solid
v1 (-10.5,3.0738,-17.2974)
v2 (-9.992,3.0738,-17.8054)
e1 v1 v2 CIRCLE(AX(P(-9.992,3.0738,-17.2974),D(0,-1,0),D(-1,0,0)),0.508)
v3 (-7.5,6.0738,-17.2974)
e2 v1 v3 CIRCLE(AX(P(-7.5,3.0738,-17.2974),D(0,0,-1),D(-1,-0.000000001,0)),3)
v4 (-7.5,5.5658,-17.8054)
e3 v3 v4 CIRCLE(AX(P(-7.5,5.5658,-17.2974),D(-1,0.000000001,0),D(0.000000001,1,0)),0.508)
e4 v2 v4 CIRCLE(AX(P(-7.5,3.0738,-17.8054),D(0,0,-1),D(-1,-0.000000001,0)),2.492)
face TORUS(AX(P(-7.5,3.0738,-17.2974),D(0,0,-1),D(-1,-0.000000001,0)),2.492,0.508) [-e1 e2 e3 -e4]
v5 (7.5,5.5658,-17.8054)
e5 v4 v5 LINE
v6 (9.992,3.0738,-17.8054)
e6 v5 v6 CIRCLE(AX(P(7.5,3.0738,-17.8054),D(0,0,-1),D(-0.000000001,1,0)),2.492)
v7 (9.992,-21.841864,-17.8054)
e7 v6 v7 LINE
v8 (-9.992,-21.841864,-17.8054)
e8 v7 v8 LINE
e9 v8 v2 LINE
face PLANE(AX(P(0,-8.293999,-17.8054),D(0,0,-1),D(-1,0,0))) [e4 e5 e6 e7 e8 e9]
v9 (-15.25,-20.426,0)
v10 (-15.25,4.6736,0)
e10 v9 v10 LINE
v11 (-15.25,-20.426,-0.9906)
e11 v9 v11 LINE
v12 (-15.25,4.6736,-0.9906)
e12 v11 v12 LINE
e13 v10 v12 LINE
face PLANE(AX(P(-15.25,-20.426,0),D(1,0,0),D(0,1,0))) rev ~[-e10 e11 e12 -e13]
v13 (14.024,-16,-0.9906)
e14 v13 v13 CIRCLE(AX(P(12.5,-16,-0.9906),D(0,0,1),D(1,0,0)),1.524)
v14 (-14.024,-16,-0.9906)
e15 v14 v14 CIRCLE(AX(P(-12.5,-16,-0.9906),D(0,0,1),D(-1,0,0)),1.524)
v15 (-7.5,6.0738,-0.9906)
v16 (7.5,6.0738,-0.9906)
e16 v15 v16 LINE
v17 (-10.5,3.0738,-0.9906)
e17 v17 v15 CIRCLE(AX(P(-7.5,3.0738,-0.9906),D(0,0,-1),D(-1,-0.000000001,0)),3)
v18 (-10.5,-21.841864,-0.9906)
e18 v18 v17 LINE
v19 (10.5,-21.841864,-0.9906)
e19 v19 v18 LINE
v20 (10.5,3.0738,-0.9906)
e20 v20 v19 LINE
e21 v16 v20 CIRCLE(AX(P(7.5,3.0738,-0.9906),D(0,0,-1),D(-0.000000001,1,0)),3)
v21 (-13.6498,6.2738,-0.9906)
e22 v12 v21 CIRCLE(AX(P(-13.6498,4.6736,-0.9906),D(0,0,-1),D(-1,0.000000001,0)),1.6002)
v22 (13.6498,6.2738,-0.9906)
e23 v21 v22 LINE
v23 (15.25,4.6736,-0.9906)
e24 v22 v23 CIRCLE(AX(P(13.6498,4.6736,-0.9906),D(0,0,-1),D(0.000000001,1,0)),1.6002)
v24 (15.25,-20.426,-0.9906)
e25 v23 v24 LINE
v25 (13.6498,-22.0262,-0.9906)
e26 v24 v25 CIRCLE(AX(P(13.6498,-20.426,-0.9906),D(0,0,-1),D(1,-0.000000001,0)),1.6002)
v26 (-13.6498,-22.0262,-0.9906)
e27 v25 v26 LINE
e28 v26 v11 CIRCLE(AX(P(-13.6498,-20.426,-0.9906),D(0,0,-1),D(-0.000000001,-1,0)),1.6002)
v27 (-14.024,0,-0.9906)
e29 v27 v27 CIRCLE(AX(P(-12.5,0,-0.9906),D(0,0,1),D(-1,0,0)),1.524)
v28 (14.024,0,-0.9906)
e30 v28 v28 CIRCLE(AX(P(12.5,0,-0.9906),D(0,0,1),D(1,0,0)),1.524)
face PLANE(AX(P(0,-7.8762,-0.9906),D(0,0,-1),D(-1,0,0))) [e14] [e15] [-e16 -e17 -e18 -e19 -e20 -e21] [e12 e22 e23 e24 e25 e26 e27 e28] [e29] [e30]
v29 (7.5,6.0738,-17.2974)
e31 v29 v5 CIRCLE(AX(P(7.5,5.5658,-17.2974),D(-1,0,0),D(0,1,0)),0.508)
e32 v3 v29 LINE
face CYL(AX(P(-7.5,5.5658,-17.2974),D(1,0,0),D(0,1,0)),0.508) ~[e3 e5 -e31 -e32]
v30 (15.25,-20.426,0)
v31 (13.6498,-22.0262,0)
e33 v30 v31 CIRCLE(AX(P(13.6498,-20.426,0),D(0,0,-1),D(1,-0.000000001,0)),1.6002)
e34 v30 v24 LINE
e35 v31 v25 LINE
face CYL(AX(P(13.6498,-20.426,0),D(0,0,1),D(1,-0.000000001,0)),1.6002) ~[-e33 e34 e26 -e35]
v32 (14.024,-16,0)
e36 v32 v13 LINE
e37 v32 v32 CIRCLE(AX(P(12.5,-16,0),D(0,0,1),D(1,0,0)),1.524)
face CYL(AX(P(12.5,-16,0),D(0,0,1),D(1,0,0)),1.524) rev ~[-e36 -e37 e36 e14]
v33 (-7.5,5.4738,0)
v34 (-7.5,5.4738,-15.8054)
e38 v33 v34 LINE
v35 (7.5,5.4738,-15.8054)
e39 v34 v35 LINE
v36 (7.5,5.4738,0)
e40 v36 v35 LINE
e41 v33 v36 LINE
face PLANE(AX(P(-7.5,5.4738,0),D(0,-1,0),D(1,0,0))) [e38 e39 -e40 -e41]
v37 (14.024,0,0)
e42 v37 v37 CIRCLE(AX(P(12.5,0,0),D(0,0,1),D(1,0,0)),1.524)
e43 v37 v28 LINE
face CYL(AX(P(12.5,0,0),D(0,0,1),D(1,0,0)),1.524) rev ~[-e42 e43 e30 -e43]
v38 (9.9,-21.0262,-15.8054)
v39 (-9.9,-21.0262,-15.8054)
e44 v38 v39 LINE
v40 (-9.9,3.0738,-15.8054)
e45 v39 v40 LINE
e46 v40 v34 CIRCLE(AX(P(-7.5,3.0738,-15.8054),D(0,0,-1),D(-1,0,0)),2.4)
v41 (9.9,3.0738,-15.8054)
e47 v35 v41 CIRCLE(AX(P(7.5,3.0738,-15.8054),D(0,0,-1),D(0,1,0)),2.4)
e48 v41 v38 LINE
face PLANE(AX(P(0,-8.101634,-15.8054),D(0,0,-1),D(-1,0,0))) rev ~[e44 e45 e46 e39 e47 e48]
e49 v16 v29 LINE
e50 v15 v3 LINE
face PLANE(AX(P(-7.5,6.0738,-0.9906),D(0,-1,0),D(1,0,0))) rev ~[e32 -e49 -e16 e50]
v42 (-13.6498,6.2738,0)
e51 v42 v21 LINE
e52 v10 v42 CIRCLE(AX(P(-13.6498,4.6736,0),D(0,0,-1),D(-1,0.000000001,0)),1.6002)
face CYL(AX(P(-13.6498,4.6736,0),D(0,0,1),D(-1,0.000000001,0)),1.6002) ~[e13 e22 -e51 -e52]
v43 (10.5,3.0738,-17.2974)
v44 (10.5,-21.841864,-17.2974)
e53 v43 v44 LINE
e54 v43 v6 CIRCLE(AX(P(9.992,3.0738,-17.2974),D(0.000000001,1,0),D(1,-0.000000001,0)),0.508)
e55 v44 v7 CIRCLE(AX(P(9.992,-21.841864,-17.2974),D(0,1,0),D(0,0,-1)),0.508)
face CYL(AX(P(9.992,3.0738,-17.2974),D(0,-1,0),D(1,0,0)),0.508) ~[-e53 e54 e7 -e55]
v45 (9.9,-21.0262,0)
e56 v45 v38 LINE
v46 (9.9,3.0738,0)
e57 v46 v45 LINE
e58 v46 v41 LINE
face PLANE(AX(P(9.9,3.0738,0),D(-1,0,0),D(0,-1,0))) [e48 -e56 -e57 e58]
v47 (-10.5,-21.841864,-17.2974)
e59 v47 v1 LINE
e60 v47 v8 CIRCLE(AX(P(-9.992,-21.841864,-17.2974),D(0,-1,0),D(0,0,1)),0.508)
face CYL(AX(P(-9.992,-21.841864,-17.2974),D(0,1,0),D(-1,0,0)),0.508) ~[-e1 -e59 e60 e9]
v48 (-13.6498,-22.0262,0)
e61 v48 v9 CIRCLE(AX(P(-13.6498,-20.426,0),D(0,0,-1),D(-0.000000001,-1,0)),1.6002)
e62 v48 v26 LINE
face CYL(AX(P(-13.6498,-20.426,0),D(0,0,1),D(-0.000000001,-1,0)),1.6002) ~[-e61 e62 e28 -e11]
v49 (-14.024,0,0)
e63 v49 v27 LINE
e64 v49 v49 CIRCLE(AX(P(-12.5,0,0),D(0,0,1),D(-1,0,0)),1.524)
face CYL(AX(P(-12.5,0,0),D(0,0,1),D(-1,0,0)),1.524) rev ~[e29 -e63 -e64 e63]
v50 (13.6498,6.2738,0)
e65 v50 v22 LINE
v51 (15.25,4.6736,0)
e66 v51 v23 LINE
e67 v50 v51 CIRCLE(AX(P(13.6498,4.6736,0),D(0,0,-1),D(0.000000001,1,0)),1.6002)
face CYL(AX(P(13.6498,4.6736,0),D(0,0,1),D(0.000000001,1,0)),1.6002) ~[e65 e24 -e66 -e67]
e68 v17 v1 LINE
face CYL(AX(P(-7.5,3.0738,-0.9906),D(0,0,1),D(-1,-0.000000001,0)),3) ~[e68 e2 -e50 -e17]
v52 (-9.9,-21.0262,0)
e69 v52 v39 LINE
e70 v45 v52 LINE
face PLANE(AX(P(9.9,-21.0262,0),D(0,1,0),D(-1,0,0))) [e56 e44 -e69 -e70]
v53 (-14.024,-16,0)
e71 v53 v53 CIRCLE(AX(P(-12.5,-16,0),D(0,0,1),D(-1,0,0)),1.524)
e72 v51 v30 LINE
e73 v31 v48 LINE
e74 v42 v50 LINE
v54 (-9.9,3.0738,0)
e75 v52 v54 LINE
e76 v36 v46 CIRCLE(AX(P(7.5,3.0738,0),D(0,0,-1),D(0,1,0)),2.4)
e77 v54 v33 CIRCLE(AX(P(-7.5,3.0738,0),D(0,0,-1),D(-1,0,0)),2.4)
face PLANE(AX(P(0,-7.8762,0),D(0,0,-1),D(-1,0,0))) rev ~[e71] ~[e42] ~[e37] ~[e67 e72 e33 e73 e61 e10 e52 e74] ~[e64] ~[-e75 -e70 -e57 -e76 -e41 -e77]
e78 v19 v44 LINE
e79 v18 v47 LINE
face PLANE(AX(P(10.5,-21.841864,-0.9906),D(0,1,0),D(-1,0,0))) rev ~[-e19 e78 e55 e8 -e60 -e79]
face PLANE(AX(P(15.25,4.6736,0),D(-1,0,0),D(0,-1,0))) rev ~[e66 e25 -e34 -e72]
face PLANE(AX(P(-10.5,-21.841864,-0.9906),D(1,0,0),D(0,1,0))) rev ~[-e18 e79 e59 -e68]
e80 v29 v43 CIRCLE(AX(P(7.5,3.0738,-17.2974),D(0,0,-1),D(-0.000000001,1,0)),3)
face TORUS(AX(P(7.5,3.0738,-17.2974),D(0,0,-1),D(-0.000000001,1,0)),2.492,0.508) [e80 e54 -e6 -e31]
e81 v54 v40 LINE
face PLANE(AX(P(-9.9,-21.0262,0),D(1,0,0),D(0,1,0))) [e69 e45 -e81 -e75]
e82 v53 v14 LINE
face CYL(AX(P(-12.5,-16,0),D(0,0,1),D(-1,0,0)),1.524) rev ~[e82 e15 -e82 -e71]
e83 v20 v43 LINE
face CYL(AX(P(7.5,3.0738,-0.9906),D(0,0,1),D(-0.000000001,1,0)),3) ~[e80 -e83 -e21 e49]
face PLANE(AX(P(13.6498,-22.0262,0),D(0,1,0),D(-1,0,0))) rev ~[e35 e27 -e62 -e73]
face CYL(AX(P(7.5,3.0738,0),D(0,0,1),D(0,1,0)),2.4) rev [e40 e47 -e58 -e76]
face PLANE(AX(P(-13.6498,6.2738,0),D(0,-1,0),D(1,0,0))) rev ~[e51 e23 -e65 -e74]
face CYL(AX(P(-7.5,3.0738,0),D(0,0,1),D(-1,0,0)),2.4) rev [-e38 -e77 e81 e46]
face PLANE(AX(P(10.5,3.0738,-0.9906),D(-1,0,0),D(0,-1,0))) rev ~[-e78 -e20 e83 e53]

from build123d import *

# Parameters (mm, degrees)
BASE_EXTRUDE_DEPTH  = 0.9906
SKETCH8_R           = 1.524
CUT_EXTRUDE4_DEPTH  = 27.808529889
BOSS_EXTRUDE5_DEPTH = 16.8148
FILLET3_R           = 0.508
CUT_EXTRUDE5_DEPTH  = 15.8054
LPATTERN1_COUNT     = 2
LPATTERN1_PITCH     = 16


with BuildPart() as part:
    # Sketch1 → Base-Extrude (new body)
    with BuildSketch(Plane.XY):
        with BuildLine():
            Line((-13.6498, 6.2738), (13.6498, 6.2738))
            ThreePointArc((13.6498, 6.2738), (14.781312271, 5.805112271), (15.25, 4.6736))
            Line((15.25, 4.6736), (15.25, -20.426))
            ThreePointArc((15.25, -20.426), (14.781312271, -21.557512271), (13.6498, -22.0262))
            Line((13.6498, -22.0262), (-13.6498, -22.0262))
            ThreePointArc((-13.6498, -22.0262), (-14.781312271, -21.557512271), (-15.25, -20.426))
            Line((-15.25, -20.426), (-15.25, 4.6736))
            ThreePointArc((-15.25, 4.6736), (-14.781312271, 5.805112271), (-13.6498, 6.2738))
        make_face()
    extrude(amount=-BASE_EXTRUDE_DEPTH)

    # Sketch8 → Cut-Extrude4 (cut, through all)
    with BuildSketch(Plane.XY):
        with Locations((12.5, 0)):
            Circle(SKETCH8_R)
        with Locations(Location((-12.5, 0, 0), (0, 0, 180))):
            Circle(SKETCH8_R)
    cut_extrude4 = extrude(amount=-CUT_EXTRUDE4_DEPTH, mode=Mode.SUBTRACT)

    # Sketch14 → Boss-Extrude5 (add)
    with BuildSketch(Plane(origin=(0, 0, -0.9906), x_dir=(-1, 0, 0), z_dir=(0, 0, -1))):
        with BuildLine():
            Line((-10.5, 3.0738), (-10.5, -21.841863832))
            Line((-10.5, -21.841863832), (10.5, -21.841863832))
            Line((10.5, -21.841863832), (10.5, 3.0738))
            ThreePointArc((10.5, 3.0738), (9.621320344, 5.195120344), (7.5, 6.0738))
            Line((7.5, 6.0738), (-7.5, 6.0738))
            ThreePointArc((-7.5, 6.0738), (-9.621320344, 5.195120344), (-10.5, 3.0738))
        make_face()
    extrude(amount=BOSS_EXTRUDE5_DEPTH)

    # Fillet3
    fillet3_edges = [part.edges().sort_by_distance(p)[0] for p in [
        (-9.621320344, 5.195120344, -17.8054),
        (9.621320344, 5.195120344, -17.8054),
        (-10.5, -9.384031916, -17.8054),
        (0, 6.0738, -17.8054),
        (10.5, -9.384031916, -17.8054),
    ]]
    fillet(fillet3_edges, radius=FILLET3_R)

    # Sketch15 → Cut-Extrude5 (cut)
    with BuildSketch(Plane.XY):
        with BuildLine():
            Line((9.9, -21.0262), (-9.9, -21.0262))
            Line((-9.9, -21.0262), (-9.9, 3.0738))
            ThreePointArc((-9.9, 3.0738), (-9.197056275, 4.770856275), (-7.5, 5.4738))
            Line((-7.5, 5.4738), (7.5, 5.4738))
            ThreePointArc((7.5, 5.4738), (9.197056275, 4.770856275), (9.9, 3.0738))
            Line((9.9, 3.0738), (9.9, -21.0262))
        make_face()
    extrude(amount=-CUT_EXTRUDE5_DEPTH, mode=Mode.SUBTRACT)

    # LPattern1: Cut-Extrude4 ×2
    with Locations(*[(0, -i * LPATTERN1_PITCH, 0) for i in range(1, LPATTERN1_COUNT)]):
        add(cut_extrude4, mode=Mode.SUBTRACT)


solid = part.part
